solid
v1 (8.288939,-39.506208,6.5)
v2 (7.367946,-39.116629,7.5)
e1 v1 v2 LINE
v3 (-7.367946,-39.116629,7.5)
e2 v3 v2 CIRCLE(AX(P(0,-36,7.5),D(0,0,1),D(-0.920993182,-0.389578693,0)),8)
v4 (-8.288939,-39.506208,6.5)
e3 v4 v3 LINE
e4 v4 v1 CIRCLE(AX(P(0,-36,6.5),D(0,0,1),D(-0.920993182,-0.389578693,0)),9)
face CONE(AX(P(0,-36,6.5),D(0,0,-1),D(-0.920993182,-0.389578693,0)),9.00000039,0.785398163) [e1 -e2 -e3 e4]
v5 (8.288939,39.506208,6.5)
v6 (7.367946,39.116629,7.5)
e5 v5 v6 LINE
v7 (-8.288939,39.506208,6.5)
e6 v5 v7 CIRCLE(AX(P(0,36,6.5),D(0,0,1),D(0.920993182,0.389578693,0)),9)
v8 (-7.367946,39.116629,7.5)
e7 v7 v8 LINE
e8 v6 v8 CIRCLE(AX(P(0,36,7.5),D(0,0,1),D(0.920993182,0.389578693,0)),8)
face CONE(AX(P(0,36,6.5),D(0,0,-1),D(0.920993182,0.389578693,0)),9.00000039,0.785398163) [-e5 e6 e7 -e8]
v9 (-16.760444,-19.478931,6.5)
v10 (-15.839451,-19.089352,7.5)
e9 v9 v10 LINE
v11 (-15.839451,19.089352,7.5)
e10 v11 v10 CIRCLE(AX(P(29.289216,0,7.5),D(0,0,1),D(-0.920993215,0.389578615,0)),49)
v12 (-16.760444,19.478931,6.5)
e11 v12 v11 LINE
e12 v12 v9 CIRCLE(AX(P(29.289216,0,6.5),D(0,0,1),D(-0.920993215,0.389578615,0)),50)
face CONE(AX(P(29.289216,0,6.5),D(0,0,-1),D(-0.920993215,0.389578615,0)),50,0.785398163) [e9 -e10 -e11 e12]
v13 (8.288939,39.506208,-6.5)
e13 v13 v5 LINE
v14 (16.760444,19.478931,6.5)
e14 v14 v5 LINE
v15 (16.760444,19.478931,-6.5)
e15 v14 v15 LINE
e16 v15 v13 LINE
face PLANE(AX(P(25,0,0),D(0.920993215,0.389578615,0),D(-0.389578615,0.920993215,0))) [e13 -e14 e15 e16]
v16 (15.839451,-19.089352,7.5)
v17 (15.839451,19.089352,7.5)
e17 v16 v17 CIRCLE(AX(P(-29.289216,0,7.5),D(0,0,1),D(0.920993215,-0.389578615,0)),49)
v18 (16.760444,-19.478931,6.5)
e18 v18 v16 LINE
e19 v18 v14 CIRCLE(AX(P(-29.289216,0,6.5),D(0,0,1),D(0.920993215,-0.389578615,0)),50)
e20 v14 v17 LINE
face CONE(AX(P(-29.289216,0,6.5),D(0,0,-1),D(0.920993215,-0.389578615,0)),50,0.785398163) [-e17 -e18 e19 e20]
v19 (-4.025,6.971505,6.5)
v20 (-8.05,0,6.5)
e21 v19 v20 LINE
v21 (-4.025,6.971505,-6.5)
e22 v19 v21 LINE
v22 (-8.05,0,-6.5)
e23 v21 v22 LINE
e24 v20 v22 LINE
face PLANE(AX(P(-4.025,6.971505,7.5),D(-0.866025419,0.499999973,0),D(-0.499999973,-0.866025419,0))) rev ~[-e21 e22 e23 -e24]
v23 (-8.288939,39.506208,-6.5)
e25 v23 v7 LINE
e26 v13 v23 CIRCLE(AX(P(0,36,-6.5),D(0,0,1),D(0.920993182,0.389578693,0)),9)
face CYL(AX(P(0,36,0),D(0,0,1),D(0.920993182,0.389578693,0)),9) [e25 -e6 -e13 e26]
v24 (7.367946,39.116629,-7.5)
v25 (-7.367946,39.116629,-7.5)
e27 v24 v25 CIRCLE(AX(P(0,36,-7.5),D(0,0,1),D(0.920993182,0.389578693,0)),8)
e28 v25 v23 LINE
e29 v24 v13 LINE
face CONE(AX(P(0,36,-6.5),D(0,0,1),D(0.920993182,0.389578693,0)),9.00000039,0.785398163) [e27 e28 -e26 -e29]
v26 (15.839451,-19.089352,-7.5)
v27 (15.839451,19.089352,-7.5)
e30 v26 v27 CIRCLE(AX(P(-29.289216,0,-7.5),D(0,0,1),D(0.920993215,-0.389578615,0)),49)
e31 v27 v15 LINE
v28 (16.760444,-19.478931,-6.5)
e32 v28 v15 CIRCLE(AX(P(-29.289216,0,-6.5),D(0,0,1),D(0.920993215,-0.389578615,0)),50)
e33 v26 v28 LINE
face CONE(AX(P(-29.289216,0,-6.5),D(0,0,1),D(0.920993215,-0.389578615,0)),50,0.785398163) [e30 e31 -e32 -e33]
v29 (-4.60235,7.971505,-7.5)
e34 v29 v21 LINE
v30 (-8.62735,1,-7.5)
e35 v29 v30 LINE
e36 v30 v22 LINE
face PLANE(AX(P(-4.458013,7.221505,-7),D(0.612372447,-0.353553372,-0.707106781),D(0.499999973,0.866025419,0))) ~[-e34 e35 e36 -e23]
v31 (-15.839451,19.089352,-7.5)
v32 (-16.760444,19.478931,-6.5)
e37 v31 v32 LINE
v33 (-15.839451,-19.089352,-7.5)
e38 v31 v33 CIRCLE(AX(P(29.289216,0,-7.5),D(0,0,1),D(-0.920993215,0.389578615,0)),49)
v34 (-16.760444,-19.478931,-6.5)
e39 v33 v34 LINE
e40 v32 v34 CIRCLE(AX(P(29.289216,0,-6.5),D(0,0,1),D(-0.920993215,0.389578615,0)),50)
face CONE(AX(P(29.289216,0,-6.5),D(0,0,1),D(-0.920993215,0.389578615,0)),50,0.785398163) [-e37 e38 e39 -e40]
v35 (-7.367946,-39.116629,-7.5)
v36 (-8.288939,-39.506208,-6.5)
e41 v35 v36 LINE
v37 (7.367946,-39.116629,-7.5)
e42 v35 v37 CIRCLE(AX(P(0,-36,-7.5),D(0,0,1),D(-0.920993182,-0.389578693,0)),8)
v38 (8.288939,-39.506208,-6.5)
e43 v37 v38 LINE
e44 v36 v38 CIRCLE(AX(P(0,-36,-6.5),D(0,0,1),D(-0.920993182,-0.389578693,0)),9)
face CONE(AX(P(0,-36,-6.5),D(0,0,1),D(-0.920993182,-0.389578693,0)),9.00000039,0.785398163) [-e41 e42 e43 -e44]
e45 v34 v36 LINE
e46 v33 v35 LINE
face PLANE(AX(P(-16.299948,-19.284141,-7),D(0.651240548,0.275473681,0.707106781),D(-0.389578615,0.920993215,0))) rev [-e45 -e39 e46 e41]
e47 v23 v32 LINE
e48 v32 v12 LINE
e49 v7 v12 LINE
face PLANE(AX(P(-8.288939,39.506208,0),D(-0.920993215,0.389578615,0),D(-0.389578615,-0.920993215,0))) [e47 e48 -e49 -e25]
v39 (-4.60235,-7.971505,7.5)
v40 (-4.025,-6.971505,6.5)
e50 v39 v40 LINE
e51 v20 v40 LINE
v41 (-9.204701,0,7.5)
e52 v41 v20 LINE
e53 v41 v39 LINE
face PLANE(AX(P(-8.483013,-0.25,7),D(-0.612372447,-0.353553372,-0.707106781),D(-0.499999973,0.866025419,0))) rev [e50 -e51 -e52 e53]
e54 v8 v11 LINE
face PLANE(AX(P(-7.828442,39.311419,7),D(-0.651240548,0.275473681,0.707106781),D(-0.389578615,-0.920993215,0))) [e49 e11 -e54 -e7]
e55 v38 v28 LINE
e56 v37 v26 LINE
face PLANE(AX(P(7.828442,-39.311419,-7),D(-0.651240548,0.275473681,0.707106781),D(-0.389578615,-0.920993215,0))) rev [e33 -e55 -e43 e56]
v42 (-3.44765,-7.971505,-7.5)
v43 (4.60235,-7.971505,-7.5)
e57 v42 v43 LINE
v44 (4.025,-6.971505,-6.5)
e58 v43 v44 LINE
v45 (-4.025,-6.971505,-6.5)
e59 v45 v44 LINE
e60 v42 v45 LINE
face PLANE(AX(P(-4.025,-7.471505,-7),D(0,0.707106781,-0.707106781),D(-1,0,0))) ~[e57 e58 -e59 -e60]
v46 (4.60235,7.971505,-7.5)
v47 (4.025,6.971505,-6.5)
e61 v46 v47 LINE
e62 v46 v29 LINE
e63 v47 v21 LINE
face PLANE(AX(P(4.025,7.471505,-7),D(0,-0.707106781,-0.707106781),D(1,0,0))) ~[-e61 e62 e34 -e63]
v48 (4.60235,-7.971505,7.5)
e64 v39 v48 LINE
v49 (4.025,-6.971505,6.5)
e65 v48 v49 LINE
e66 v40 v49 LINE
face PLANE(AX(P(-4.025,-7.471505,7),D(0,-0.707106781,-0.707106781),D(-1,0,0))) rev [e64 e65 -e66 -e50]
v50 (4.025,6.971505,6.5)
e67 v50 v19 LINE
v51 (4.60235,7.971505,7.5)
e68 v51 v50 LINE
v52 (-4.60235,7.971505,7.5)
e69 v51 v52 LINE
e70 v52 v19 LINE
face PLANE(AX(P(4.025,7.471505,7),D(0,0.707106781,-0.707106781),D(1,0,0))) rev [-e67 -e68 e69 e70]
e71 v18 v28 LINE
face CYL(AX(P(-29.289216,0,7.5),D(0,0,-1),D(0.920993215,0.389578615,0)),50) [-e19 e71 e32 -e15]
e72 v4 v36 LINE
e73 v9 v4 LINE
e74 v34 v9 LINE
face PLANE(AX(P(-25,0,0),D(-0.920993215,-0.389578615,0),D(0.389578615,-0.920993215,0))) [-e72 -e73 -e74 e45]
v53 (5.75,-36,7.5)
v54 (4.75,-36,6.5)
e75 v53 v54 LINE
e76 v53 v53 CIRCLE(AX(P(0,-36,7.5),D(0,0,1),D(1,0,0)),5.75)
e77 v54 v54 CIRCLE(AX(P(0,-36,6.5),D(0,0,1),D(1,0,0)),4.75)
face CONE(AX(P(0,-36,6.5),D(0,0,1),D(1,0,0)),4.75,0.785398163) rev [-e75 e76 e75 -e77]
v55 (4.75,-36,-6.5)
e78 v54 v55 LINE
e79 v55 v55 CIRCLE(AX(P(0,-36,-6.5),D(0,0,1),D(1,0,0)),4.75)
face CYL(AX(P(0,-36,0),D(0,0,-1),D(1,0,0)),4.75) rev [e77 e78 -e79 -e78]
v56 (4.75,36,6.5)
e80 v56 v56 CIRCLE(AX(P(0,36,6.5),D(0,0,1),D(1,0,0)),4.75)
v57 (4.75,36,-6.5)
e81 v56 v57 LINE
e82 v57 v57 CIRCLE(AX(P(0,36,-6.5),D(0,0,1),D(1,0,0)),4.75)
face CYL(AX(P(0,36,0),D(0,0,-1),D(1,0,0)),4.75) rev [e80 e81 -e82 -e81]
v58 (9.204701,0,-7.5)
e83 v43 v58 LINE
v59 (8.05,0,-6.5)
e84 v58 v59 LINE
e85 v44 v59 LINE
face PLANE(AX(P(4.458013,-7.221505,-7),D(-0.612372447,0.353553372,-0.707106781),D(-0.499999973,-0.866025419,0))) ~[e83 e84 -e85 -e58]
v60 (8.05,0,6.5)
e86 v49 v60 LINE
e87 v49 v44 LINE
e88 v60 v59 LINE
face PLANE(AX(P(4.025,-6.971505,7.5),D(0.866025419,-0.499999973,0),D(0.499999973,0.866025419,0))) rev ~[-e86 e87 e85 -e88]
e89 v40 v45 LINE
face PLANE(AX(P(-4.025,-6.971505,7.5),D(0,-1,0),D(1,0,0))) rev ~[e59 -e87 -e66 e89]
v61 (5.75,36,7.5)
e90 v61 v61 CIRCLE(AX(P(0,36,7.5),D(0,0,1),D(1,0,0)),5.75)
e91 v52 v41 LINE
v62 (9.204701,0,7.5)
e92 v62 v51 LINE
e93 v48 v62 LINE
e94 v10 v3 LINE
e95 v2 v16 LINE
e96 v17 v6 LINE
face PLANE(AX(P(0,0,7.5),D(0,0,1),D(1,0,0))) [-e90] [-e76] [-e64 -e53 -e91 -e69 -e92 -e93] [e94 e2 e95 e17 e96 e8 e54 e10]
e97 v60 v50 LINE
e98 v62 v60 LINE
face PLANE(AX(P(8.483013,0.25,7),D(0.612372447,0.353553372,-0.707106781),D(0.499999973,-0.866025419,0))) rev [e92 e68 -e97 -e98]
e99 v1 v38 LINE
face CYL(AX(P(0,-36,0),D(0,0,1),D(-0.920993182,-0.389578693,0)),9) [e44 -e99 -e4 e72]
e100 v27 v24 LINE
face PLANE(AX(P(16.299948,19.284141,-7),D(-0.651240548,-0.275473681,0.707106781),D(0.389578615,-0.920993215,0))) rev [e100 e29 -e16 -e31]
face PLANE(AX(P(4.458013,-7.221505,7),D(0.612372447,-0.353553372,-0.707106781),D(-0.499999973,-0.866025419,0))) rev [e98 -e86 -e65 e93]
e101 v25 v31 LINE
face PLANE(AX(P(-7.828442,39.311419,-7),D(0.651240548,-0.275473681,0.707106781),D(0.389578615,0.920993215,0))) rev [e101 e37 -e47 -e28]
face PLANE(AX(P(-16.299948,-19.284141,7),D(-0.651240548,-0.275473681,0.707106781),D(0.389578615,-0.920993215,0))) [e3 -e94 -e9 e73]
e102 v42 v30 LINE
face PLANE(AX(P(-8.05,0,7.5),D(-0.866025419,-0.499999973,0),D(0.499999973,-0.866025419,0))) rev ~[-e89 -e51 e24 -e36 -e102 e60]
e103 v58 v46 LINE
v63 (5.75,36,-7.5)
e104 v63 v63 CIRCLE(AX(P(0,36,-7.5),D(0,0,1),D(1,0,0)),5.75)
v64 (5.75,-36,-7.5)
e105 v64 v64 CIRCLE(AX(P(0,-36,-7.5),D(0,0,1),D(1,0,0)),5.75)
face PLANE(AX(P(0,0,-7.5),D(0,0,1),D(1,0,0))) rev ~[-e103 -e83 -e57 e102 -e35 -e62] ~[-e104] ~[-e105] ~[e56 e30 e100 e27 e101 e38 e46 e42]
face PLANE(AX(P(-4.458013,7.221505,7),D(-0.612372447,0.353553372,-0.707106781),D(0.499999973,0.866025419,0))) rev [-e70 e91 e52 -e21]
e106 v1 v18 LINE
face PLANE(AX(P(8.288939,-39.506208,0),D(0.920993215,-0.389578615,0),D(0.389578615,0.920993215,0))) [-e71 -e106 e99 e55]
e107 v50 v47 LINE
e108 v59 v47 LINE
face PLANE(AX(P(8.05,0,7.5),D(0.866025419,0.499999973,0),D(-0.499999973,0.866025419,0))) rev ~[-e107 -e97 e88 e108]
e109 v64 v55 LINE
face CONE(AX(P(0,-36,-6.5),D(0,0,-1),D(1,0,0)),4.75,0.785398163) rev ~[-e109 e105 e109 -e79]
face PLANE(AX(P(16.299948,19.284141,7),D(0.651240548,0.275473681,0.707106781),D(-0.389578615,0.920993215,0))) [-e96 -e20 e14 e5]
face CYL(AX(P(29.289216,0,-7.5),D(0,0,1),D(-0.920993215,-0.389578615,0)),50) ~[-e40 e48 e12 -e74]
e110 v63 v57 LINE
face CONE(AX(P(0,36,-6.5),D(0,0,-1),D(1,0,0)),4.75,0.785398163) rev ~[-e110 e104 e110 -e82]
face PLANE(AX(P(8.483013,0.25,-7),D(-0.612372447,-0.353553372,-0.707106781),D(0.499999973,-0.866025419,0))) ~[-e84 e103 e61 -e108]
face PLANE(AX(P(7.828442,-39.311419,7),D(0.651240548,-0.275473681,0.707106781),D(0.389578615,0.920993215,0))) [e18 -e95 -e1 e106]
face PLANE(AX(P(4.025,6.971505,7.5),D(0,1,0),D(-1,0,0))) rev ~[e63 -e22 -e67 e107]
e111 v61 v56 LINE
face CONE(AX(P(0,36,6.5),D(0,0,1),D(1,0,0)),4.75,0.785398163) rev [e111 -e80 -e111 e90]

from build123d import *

# Parameters (mm, degrees)
F0_R     = 4.75
F1_DEPTH = 7.5
F2_R     = 50
F3_SIZE  = 1
F5_DEPTH = 25
F6_SIZE  = 1


with BuildPart() as f1:
    # F0 (on Top) → F1 (new body, symmetric)
    with BuildSketch(Plane.XY):
        with BuildLine():
            Line((25, 0), (8.288939, 39.506208))
            ThreePointArc((8.288939, 39.506208), (0, 45), (-8.288939, 39.506208))
            Line((-8.288939, 39.506208), (-25, 0))
            Line((-25, 0), (-8.288939, -39.506208))
            ThreePointArc((-8.288939, -39.506208), (0, -45), (8.288939, -39.506208))
            Line((8.288939, -39.506208), (25, 0))
        make_face()
        with Locations((0, -36)):
            Circle(F0_R, mode=Mode.SUBTRACT)
        with Locations((0, 36)):
            Circle(F0_R, mode=Mode.SUBTRACT)
    extrude(amount=F1_DEPTH, both=True)

    # F2
    f2_edges = [f1.edges().sort_by_distance(p)[0] for p in [
        (-25, 0, 0),
        (25, 0, 0),
    ]]
    fillet(f2_edges, radius=F2_R)

    # F3
    f3_edges = [f1.edges().sort_by_distance(p)[0] for p in [
        (0, 45, 7.5),
        (0, 45, -7.5),
        (-12.524692, -29.492569, 7.5),
        (-12.524692, -29.492569, -7.5),
    ]]
    chamfer(f3_edges, length=F3_SIZE)

    # F4 (on face) → F5 (cut)
    with BuildSketch(Plane.XY.offset(7.5)):
        Polygon((-4.025, 6.971505), (-8.05, 0), (-4.025, -6.971505), (4.025, -6.971505), (8.05, 0), (4.025, 6.971505), align=None)
    extrude(amount=-F5_DEPTH, mode=Mode.SUBTRACT)

    # F6
    f6_edges = [f1.edges().sort_by_distance(p)[0] for p in [
        (-4.75, 36, 7.5),
        (-4.75, 36, -7.5),
        (-4.75, -36, 7.5),
        (-4.75, -36, -7.5),
        (0, -6.971505, 7.5),
        (-6.0375, -3.485752, 7.5),
        (-6.0375, 3.485752, 7.5),
        (0, 6.971505, 7.5),
        (6.0375, 3.485752, 7.5),
        (6.0375, -3.485752, 7.5),
        (0, -6.971505, -7.5),
        (6.0375, -3.485752, -7.5),
        (6.0375, 3.485752, -7.5),
        (0, 6.971505, -7.5),
        (-6.0375, 3.485752, -7.5),
    ]]
    chamfer(f6_edges, length=F6_SIZE)


solid = f1.part
